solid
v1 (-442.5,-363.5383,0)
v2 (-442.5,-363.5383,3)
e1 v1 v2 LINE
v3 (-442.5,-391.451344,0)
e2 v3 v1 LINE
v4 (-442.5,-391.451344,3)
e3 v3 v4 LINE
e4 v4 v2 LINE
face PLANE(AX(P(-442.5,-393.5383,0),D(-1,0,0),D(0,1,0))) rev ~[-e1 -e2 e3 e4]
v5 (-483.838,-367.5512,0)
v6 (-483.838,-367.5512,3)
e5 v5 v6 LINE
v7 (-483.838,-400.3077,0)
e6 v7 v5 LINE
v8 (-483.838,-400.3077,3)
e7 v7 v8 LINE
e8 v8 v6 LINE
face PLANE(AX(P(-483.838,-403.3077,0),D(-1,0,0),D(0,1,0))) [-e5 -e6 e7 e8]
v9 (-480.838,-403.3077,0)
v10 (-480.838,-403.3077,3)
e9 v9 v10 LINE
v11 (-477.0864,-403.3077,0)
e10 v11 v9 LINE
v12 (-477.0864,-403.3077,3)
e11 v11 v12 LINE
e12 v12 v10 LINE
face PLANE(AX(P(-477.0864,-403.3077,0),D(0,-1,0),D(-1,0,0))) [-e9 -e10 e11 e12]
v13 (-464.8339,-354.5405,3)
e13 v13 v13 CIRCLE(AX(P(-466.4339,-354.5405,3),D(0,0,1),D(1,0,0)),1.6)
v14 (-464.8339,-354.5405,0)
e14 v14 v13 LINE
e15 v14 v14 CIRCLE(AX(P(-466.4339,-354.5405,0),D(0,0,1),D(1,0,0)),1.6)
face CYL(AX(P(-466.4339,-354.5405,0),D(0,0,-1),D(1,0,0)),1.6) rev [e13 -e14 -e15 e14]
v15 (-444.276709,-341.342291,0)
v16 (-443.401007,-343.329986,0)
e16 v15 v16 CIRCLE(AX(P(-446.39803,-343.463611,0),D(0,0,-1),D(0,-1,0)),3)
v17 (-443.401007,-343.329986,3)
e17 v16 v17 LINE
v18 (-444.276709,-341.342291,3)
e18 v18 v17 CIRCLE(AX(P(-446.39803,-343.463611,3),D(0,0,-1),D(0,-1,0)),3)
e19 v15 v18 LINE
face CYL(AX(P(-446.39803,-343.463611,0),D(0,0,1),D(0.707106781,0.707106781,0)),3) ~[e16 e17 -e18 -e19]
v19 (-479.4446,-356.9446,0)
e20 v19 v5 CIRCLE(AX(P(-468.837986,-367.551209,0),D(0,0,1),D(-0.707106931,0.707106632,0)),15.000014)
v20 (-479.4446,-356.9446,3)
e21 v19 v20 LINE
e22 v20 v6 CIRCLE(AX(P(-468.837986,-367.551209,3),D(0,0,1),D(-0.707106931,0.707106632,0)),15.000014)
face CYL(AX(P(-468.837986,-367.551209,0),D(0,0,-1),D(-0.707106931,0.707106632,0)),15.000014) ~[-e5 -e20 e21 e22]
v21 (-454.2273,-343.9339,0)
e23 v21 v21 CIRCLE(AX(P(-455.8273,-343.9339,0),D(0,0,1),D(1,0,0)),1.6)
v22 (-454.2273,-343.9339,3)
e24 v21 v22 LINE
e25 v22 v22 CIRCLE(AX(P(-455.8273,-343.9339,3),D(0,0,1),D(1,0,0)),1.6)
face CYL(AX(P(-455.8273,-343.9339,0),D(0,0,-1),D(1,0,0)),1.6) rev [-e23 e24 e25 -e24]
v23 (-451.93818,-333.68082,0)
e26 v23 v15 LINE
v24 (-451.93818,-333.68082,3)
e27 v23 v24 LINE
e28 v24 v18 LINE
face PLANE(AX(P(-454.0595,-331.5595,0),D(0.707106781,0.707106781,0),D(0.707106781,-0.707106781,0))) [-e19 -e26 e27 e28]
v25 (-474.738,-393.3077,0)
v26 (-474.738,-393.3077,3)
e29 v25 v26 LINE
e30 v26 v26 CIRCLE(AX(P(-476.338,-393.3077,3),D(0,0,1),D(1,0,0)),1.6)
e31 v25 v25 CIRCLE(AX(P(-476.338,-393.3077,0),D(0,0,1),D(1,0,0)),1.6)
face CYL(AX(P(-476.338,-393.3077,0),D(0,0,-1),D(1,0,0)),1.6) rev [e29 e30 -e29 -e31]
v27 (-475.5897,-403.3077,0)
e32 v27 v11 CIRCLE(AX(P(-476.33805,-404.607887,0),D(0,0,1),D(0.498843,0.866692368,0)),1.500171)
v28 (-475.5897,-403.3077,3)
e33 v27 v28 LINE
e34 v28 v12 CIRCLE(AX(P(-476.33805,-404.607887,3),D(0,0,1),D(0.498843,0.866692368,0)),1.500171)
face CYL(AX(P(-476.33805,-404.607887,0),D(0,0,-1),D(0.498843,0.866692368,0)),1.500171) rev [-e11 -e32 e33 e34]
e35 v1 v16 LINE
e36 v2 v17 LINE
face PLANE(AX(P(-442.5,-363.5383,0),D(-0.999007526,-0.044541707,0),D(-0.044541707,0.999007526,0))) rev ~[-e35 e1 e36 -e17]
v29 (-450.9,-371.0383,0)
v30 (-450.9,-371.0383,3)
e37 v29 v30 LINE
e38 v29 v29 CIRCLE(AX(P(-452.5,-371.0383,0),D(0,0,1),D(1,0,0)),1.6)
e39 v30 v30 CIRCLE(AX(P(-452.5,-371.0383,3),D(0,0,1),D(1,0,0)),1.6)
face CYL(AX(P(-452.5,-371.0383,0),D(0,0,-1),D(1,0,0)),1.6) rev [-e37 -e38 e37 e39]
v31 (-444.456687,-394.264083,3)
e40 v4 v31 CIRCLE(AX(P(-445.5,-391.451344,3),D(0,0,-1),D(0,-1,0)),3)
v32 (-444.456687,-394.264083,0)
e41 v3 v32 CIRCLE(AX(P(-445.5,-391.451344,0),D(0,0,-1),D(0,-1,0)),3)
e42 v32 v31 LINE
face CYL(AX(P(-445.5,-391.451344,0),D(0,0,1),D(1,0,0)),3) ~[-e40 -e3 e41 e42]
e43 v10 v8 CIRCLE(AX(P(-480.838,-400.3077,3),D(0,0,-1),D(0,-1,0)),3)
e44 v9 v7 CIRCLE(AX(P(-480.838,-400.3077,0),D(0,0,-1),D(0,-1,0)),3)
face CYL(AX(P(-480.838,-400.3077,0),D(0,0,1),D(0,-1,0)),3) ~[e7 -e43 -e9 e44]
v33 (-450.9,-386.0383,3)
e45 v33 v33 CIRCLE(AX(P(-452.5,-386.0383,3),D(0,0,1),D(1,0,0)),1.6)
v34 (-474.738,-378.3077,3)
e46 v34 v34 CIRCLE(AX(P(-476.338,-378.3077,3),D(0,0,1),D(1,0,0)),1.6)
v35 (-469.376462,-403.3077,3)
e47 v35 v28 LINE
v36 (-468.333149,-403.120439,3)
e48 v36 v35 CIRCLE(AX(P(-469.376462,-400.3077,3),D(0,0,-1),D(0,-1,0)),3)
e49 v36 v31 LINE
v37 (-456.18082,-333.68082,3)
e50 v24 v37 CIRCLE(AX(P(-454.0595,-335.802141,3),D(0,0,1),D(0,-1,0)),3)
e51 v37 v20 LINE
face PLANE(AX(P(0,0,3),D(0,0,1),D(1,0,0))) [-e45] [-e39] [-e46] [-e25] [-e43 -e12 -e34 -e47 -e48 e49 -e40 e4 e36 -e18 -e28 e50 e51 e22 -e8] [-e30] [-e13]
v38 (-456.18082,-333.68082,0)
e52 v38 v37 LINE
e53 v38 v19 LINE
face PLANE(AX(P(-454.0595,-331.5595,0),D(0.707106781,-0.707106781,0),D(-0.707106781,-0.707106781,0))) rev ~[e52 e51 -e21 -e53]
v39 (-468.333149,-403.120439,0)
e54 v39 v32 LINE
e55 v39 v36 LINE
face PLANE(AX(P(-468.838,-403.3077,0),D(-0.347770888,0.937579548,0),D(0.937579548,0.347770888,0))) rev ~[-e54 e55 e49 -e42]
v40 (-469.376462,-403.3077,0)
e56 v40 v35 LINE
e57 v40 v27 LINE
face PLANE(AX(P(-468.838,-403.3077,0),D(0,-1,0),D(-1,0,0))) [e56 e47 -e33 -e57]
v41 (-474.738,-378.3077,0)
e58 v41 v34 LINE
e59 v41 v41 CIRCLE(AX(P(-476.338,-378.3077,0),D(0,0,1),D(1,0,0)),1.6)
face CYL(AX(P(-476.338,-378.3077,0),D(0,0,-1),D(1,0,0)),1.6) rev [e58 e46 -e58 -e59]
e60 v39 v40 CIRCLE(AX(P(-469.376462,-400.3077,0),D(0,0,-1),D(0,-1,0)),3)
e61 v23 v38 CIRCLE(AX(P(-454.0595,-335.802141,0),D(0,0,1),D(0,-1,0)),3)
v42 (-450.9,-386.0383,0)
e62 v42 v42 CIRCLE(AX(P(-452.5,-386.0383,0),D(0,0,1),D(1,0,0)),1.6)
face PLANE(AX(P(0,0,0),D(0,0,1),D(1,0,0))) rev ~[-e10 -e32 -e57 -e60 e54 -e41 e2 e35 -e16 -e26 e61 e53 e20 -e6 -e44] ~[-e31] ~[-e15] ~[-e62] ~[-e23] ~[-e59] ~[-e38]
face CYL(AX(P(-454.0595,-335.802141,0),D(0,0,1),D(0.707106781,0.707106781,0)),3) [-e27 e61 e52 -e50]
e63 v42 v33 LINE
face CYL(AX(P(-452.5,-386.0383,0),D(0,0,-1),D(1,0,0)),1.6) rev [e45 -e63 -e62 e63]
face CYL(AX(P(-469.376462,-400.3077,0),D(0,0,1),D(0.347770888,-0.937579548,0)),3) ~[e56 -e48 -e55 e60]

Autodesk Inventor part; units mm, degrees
ref_plane "YZ Plane" through (0, 0, 0) normal (1, 0, 0) x (0, 1, 0)
ref_plane "XZ Plane" through (0, 0, 0) normal (0, 1, 0) x (-1, 0, 0)
ref_plane "XY Plane" through (0, 0, 0) normal (0, 0, 1) x (1, 0, 0)
sketch "スケッチ1" plane through (0, 0, 0) normal (0, 0, 1) x (1, 0, 0)
  line L0 (67.5, 17.5) -> (-67.5, 17.5) construction
  line L1 (-67.5, 17.5) -> (-67.5, -17.5) construction
  line L2 (-67.5, -17.5) -> (67.5, -17.5) construction
  line L3 (67.5, -17.5) -> (67.5, 17.5) construction
  line L4 (67.5, 17.5) -> (-67.5, -17.5) construction
  line L5 (-67.5, 17.5) -> (67.5, -17.5) construction
  circle A0 centre (-60, 35) radius 1.6
  circle A1 centre (-70, 35) radius 1.6
  line L6 (-77.5, 27.5) -> (-53, 27.5)
  line L7 (-53, 27.5) -> (-53, 42.5)
  line L8 (-53, 42.5) -> (-80, 42.5) construction
  line L9 (-77.5, 27.5) -> (-77.5, -27.5)
  line L10 (-77.5, -27.5) -> (-53, -27.5)
  line L11 (-53, -27.5) -> (-53, -42.5)
  line L12 (-53, -42.5) -> (-80, -42.5)
  circle A2 centre (-60, -35) radius 1.6
  circle A3 centre (-70, -35) radius 1.6
  circle A4 centre (-80, -35) radius 1.6
  line L13 (124.2308, -31.7536) -> (484.5935, -392.1164)
  line L14 (484.5935, -392.1164) -> (488.7129, -553.575)
  line L15 (-80, 21.2868) -> (-468.838, -367.5512) construction
  line L16 (-468.838, -367.5512) -> (-479.4446, -356.9446) construction
  line L17 (-479.4446, -356.9446) -> (-90.6066, 31.8934) construction
  line L18 (-90.6066, 31.8934) -> (-80, 21.2868) construction
  line L19 (-80, 42.5) -> (-80, 5.3052) construction
  circle A5 centre (-92.3744, 19.519) radius 1.6
  circle A6 centre (-102.981, 8.9124) radius 1.6
  circle A7 centre (-113.5876, -1.6942) radius 1.6
  line L20 (-92.3744, 19.519) -> (-113.5876, -1.6942) construction
  circle A8 centre (-466.4339, -354.5405) radius 1.6
  circle A9 centre (-455.8273, -343.9339) radius 1.6
  line L21 (-388.4374, -772.2067) -> (-358.1265, -754.7067) construction
  line L22 (-358.1265, -754.7067) -> (-425.6265, -637.7933) construction
  line L23 (-455.9374, -655.2933) -> (-358.1265, -754.7067) construction
  line L24 (-388.4374, -772.2067) -> (-425.6265, -637.7933) construction
  line L25 (-455.9374, -655.2933) -> (-388.4374, -772.2067) construction
  line L26 (-425.6265, -637.7933) -> (-455.9374, -655.2933) construction
  line L27 (455.9374, -655.2933) -> (425.6265, -637.7933) construction
  line L28 (425.6265, -637.7933) -> (358.1265, -754.7067) construction
  line L29 (388.4374, -772.2067) -> (425.6265, -637.7933) construction
  line L30 (455.9374, -655.2933) -> (358.1265, -754.7067) construction
  line L31 (388.4374, -772.2067) -> (455.9374, -655.2933) construction
  line L32 (358.1265, -754.7067) -> (388.4374, -772.2067) construction
  line L33 (0, 0) -> (0, -263.4473) construction
  circle A10 centre (80, -35) radius 1.6
  line L34 (67.5, 17.5) -> (67.5, -17.5) construction
  line L35 (77.5, 27.5) -> (53, 27.5)
  line L36 (77.5, 27.5) -> (77.5, -27.5)
  line L37 (77.5, -27.5) -> (53, -27.5)
  circle A11 centre (60, -35) radius 1.6
  circle A12 centre (70, -35) radius 1.6
  line L38 (53, -27.5) -> (53, -42.5)
  line L39 (53, -42.5) -> (80, -42.5)
  circle A13 centre (60, 35) radius 1.6
  circle A14 centre (70, 35) radius 1.6
  line L40 (80, 42.5) -> (80, 5.3052) construction
  line L41 (53, 42.5) -> (80, 42.5)
  line L42 (53, 27.5) -> (53, 42.5)
  line L43 (-392.0976, -785.867) -> (-404.3476, -764.6493)
  line L44 (-388.4374, -772.2067) -> (-358.1265, -754.7067) construction
  line L45 (-392.0976, -785.867) -> (-344.4662, -758.367)
  circle A15 centre (-336.7211, -756.782) radius 1.6
  circle A16 centre (-341.7211, -748.1218) radius 1.6
  line L46 (-343.7259, -729.6493) -> (-330.2259, -753.032)
  circle A17 centre (-346.7211, -739.4615) radius 1.6
  line L47 (-356.7162, -737.1493) -> (-343.7259, -729.6493)
  line L48 (-344.4662, -758.367) -> (-356.7162, -737.1493)
  circle A18 centre (-407.3428, -774.4615) radius 1.6
  circle A19 centre (-402.3428, -783.1218) radius 1.6
  line L49 (-404.3476, -764.6493) -> (-417.338, -772.1493)
  line L50 (-417.338, -772.1493) -> (-403.838, -795.532)
  line L51 (-403.838, -795.532) -> (-371.6264, -776.9346) construction
  line L52 (-425.6265, -637.7933) -> (-455.9374, -655.2933) construction
  line L53 (-409.7162, -645.3507) -> (-396.7259, -637.8507)
  circle A20 centre (-406.7211, -635.5385) radius 1.6
  line L54 (-455.9374, -655.2933) -> (-425.6265, -637.7933) construction
  circle A21 centre (-411.7211, -626.8782) radius 1.6
  line L55 (-469.5976, -651.633) -> (-421.9662, -624.133)
  line L56 (-421.9662, -624.133) -> (-409.7162, -645.3507)
  line L57 (-396.7259, -637.8507) -> (-410.2259, -614.468)
  circle A22 centre (-416.7211, -618.218) radius 1.6
  line L58 (-469.5976, -651.633) -> (-457.3476, -672.8507)
  circle A23 centre (-467.3428, -670.5385) radius 1.6
  circle A24 centre (-472.3428, -661.8782) radius 1.6
  line L59 (-483.838, -656.968) -> (-451.6264, -638.3706) construction
  line L60 (-470.338, -680.3507) -> (-483.838, -656.968)
  line L61 (-457.3476, -672.8507) -> (-470.338, -680.3507)
  line L62 (469.5976, -651.633) -> (457.3476, -672.8507)
  line L63 (455.9374, -655.2933) -> (425.6265, -637.7933) construction
  line L64 (469.5976, -651.633) -> (421.9662, -624.133)
  circle A25 centre (416.7211, -618.218) radius 1.6
  circle A26 centre (411.7211, -626.8782) radius 1.6
  line L65 (396.7259, -637.8507) -> (410.2259, -614.468)
  circle A27 centre (406.7211, -635.5385) radius 1.6
  line L66 (409.7162, -645.3507) -> (396.7259, -637.8507)
  line L67 (421.9662, -624.133) -> (409.7162, -645.3507)
  circle A28 centre (467.3428, -670.5385) radius 1.6
  circle A29 centre (472.3428, -661.8782) radius 1.6
  line L68 (457.3476, -672.8507) -> (470.338, -680.3507)
  line L69 (470.338, -680.3507) -> (483.838, -656.968)
  line L70 (483.838, -656.968) -> (451.6264, -638.3706) construction
  line L71 (358.1265, -754.7067) -> (388.4374, -772.2067) construction
  line L72 (356.7162, -737.1493) -> (343.7259, -729.6493)
  circle A30 centre (346.7211, -739.4615) radius 1.6
  line L73 (388.4374, -772.2067) -> (358.1265, -754.7067) construction
  circle A31 centre (341.7211, -748.1218) radius 1.6
  line L74 (392.0976, -785.867) -> (344.4662, -758.367)
  line L75 (344.4662, -758.367) -> (356.7162, -737.1493)
  line L76 (343.7259, -729.6493) -> (330.2259, -753.032)
  circle A32 centre (336.7211, -756.782) radius 1.6
  line L77 (392.0976, -785.867) -> (404.3476, -764.6493)
  circle A33 centre (407.3428, -774.4615) radius 1.6
  circle A34 centre (402.3428, -783.1218) radius 1.6
  line L78 (403.838, -795.532) -> (371.6264, -776.9346) construction
  line L79 (417.338, -772.1493) -> (403.838, -795.532)
  line L80 (404.3476, -764.6493) -> (417.338, -772.1493)
  line L81 (-483.838, -367.5512) -> (-468.838, -367.5512) construction
  line L82 (-468.838, -367.5512) -> (-468.838, -648.3077) construction
  line L83 (-468.838, -648.3077) -> (-483.838, -648.3077)
  line L84 (-483.838, -648.3077) -> (-483.838, -367.5512) construction
  line L85 (-283.2277, -604.4352) -> (-262.2277, -640.8083) construction
  line L86 (345.2492, -497.0108) -> (305.7786, -565.3759) construction
  line L87 (265.1134, -631.6538) -> (-234.8866, -631.6538) construction
  line L88 (-234.8866, -631.6538) -> (-234.8866, -1131.6538) construction
  line L89 (-234.8866, -1131.6538) -> (265.1134, -1131.6538) construction
  line L90 (265.1134, -1131.6538) -> (265.1134, -631.6538) construction
  line L91 (265.1134, -631.6538) -> (-234.8866, -1131.6538) construction
  line L92 (-234.8866, -631.6538) -> (265.1134, -1131.6538) construction
  line L93 (-12.841, -157.5) -> (15.1134, -157.5) construction
  circle A35 centre (1.1362, -409.4569) radius 212.5 construction
  line L94 (501.1362, 53.616) -> (-498.8638, 53.616) construction
  line L95 (-498.8638, 53.616) -> (-498.8638, -946.384) construction
  line L96 (-498.8638, -946.384) -> (501.1362, -946.384) construction
  line L97 (501.1362, -946.384) -> (501.1362, 53.616) construction
  line L98 (501.1362, 53.616) -> (-498.8638, -946.384) construction
  line L99 (-498.8638, 53.616) -> (501.1362, -946.384) construction
  circle A36 centre (1.1362, -409.4569) radius 250 construction
  line L100 (-80, 42.5) -> (-90.6066, 31.8934) construction
  line L101 (-80, 42.5) -> (-118.8909, 3.6091)
  line L102 (-118.8909, -6.9975) -> (-113.5876, -12.3008)
  line L103 (-113.5876, -12.3008) -> (-85.2767, -40.3298)
  arc A37 (-118.8909, 3.6091) -> (-118.8909, -6.9975) centre (-113.5876, -1.6942) ccw
  arc A38 (-85.2767, -40.3298) -> (-80, -42.5) centre (-80, -35) ccw
  line L104 (-80, 42.5) -> (-53, 42.5)
  line L105 (-466.4339, -354.5405) -> (-455.8273, -343.9339) construction
  circle A39 centre (-476.338, -638.3077) radius 1.6
  circle A40 centre (-476.338, -623.3077) radius 1.6
  circle A41 centre (-476.338, -378.3077) radius 1.6
  circle A42 centre (-476.338, -393.3077) radius 1.6
  line L106 (-454.0595, -331.5595) -> (-443.4529, -342.1661)
  line L107 (-468.838, -403.3077) -> (-475.5897, -403.3077)
  line L108 (-483.838, -403.3077) -> (-483.838, -367.5512)
  line L109 (-454.0595, -331.5595) -> (-479.4446, -356.9446)
  arc A43 (-479.4446, -356.9446) -> (-483.838, -367.5512) centre (-468.838, -367.5512) ccw
  arc A44 (-475.5897, -403.3077) -> (-477.0864, -403.3077) centre (-476.338, -404.6077) ccw
  line L110 (-475.5897, -403.3077) -> (-477.0864, -403.3077) construction
  line L111 (-477.0864, -403.3077) -> (-483.838, -403.3077)
  circle A45 centre (-452.5, -386.0383) radius 1.6
  circle A46 centre (-452.5, -371.0383) radius 1.6
  circle A47 centre (-262.5, -371.0383) radius 1.6 construction
  line L112 (-462.5, -393.5383) -> (-274.6134, -393.5383) construction
  line L113 (-274.6134, -393.5383) -> (-274.6134, -363.5383) construction
  line L114 (-274.6134, -363.5383) -> (-462.5, -363.5383) construction
  line L115 (-462.5, -363.5383) -> (-462.5, -393.5383) construction
  line L116 (-442.5, -393.5383) -> (-442.5, -363.5383)
  line L117 (-468.838, -403.3077) -> (-442.5, -393.5383)
  line L118 (-442.5, -363.5383) -> (-443.4529, -342.1661)
  point P0 (0, -470)
  point P1 (-102.981, 8.9124)
  point P2 (-77.5, 0)
  point P3 (-407.0319, -705)
  point P4 (-407.0319, -705)
  point P5 (407.0319, -705)
  point P6 (407.0319, -705)
  point P7 (77.5, 0)
  point P8 (-368.2819, -772.117)
  point P9 (-385.4668, -784.9254)
  point P10 (-445.7819, -637.883)
  point P11 (445.7819, -637.883)
  point P12 (465.4668, -646.3614)
  point P13 (368.2819, -772.117)
  point P14 (15.1134, -881.6538)
  point P15 (1.1362, -446.384)
  point P16 (-124.1942, -1.6942)
  point P17 (-476.338, -648.3077)
  point P18 (-476.338, -367.5512)
  dimension "d4" = 135
  dimension "d5" = 35
  dimension "d6" = 3.2
  dimension "d7" = 3.2
  dimension "d8" = 10
  dimension "d9" = 15
  dimension "d10" = 10
  dimension "d11" = 7.5
  dimension "d12" = 7
  dimension "d13" = 70
  dimension "d14" = 3.2
  dimension "d15" = 3.2
  dimension "d16" = 3.2
  dimension "d17" = 10
  dimension "d18" = 10
  dimension "d19" = 7
  dimension "d20" = 15
  dimension "d21" = 7.5
  dimension "d22" = 10
  dimension "d23" = 10
  dimension "d24" = 135
  dimension "d25" = 15
  dimension "d26" = 10
  dimension "d27" = 3.2
  dimension "d28" = 3.2
  dimension "d29" = 3.2
  dimension "d30" = 10
  dimension "d31" = 15
  dimension "d32" = 15
  dimension "d33" = 7.5
  dimension "d34" = 45
  dimension "d35" = 3.2
  dimension "d36" = 3.2
  dimension "d37" = 360
  dimension "d38" = 360
  dimension "d39" = 470
  dimension "d40" = 15
  dimension "d41" = 200
  dimension "d42" = 200
  dimension "d43" = 500
  dimension "d44" = 500
  dimension "d45" = 200
  dimension "d46" = 425
  dimension "d47" = 1000
  dimension "d48" = 1000
  dimension "d49" = 42
  dimension "d50" = 500
  dimension "d51" = 7.5
  dimension "d52" = 7.5
  dimension "d53" = 7.5
  dimension "d54" = 484
  dimension "d55" = 15
  dimension "d56" = 3.2
  dimension "d57" = 3.2
  dimension "d58" = 10
  dimension "d59" = 15
  dimension "d60" = 3.2
  dimension "d61" = 3.2
  dimension "d62" = 15
  dimension "d63" = 230
  dimension "d64" = 10
  dimension "d65" = 10
  dimension "d69" = 3
  dimension "d70" = 1.3
extrude "押し出し1" add sketch "スケッチ1" along normal blind 3 contours L106 L118 L116 L117 L107 A44 L111 L108 A43 L109
fillet "フィレット2" radius 3 6 edges at (-483.838, -403.3077, 1.5) (-468.838, -403.3077, 1.5) (-442.5, -393.5383, 1.5) (-442.5, -363.5383, 1.5) (-443.4529, -342.1661, 1.5) (-454.0595, -331.5595, 1.5)
properties part number "オムニ_固定具1" material "アルミニウム 6061"
